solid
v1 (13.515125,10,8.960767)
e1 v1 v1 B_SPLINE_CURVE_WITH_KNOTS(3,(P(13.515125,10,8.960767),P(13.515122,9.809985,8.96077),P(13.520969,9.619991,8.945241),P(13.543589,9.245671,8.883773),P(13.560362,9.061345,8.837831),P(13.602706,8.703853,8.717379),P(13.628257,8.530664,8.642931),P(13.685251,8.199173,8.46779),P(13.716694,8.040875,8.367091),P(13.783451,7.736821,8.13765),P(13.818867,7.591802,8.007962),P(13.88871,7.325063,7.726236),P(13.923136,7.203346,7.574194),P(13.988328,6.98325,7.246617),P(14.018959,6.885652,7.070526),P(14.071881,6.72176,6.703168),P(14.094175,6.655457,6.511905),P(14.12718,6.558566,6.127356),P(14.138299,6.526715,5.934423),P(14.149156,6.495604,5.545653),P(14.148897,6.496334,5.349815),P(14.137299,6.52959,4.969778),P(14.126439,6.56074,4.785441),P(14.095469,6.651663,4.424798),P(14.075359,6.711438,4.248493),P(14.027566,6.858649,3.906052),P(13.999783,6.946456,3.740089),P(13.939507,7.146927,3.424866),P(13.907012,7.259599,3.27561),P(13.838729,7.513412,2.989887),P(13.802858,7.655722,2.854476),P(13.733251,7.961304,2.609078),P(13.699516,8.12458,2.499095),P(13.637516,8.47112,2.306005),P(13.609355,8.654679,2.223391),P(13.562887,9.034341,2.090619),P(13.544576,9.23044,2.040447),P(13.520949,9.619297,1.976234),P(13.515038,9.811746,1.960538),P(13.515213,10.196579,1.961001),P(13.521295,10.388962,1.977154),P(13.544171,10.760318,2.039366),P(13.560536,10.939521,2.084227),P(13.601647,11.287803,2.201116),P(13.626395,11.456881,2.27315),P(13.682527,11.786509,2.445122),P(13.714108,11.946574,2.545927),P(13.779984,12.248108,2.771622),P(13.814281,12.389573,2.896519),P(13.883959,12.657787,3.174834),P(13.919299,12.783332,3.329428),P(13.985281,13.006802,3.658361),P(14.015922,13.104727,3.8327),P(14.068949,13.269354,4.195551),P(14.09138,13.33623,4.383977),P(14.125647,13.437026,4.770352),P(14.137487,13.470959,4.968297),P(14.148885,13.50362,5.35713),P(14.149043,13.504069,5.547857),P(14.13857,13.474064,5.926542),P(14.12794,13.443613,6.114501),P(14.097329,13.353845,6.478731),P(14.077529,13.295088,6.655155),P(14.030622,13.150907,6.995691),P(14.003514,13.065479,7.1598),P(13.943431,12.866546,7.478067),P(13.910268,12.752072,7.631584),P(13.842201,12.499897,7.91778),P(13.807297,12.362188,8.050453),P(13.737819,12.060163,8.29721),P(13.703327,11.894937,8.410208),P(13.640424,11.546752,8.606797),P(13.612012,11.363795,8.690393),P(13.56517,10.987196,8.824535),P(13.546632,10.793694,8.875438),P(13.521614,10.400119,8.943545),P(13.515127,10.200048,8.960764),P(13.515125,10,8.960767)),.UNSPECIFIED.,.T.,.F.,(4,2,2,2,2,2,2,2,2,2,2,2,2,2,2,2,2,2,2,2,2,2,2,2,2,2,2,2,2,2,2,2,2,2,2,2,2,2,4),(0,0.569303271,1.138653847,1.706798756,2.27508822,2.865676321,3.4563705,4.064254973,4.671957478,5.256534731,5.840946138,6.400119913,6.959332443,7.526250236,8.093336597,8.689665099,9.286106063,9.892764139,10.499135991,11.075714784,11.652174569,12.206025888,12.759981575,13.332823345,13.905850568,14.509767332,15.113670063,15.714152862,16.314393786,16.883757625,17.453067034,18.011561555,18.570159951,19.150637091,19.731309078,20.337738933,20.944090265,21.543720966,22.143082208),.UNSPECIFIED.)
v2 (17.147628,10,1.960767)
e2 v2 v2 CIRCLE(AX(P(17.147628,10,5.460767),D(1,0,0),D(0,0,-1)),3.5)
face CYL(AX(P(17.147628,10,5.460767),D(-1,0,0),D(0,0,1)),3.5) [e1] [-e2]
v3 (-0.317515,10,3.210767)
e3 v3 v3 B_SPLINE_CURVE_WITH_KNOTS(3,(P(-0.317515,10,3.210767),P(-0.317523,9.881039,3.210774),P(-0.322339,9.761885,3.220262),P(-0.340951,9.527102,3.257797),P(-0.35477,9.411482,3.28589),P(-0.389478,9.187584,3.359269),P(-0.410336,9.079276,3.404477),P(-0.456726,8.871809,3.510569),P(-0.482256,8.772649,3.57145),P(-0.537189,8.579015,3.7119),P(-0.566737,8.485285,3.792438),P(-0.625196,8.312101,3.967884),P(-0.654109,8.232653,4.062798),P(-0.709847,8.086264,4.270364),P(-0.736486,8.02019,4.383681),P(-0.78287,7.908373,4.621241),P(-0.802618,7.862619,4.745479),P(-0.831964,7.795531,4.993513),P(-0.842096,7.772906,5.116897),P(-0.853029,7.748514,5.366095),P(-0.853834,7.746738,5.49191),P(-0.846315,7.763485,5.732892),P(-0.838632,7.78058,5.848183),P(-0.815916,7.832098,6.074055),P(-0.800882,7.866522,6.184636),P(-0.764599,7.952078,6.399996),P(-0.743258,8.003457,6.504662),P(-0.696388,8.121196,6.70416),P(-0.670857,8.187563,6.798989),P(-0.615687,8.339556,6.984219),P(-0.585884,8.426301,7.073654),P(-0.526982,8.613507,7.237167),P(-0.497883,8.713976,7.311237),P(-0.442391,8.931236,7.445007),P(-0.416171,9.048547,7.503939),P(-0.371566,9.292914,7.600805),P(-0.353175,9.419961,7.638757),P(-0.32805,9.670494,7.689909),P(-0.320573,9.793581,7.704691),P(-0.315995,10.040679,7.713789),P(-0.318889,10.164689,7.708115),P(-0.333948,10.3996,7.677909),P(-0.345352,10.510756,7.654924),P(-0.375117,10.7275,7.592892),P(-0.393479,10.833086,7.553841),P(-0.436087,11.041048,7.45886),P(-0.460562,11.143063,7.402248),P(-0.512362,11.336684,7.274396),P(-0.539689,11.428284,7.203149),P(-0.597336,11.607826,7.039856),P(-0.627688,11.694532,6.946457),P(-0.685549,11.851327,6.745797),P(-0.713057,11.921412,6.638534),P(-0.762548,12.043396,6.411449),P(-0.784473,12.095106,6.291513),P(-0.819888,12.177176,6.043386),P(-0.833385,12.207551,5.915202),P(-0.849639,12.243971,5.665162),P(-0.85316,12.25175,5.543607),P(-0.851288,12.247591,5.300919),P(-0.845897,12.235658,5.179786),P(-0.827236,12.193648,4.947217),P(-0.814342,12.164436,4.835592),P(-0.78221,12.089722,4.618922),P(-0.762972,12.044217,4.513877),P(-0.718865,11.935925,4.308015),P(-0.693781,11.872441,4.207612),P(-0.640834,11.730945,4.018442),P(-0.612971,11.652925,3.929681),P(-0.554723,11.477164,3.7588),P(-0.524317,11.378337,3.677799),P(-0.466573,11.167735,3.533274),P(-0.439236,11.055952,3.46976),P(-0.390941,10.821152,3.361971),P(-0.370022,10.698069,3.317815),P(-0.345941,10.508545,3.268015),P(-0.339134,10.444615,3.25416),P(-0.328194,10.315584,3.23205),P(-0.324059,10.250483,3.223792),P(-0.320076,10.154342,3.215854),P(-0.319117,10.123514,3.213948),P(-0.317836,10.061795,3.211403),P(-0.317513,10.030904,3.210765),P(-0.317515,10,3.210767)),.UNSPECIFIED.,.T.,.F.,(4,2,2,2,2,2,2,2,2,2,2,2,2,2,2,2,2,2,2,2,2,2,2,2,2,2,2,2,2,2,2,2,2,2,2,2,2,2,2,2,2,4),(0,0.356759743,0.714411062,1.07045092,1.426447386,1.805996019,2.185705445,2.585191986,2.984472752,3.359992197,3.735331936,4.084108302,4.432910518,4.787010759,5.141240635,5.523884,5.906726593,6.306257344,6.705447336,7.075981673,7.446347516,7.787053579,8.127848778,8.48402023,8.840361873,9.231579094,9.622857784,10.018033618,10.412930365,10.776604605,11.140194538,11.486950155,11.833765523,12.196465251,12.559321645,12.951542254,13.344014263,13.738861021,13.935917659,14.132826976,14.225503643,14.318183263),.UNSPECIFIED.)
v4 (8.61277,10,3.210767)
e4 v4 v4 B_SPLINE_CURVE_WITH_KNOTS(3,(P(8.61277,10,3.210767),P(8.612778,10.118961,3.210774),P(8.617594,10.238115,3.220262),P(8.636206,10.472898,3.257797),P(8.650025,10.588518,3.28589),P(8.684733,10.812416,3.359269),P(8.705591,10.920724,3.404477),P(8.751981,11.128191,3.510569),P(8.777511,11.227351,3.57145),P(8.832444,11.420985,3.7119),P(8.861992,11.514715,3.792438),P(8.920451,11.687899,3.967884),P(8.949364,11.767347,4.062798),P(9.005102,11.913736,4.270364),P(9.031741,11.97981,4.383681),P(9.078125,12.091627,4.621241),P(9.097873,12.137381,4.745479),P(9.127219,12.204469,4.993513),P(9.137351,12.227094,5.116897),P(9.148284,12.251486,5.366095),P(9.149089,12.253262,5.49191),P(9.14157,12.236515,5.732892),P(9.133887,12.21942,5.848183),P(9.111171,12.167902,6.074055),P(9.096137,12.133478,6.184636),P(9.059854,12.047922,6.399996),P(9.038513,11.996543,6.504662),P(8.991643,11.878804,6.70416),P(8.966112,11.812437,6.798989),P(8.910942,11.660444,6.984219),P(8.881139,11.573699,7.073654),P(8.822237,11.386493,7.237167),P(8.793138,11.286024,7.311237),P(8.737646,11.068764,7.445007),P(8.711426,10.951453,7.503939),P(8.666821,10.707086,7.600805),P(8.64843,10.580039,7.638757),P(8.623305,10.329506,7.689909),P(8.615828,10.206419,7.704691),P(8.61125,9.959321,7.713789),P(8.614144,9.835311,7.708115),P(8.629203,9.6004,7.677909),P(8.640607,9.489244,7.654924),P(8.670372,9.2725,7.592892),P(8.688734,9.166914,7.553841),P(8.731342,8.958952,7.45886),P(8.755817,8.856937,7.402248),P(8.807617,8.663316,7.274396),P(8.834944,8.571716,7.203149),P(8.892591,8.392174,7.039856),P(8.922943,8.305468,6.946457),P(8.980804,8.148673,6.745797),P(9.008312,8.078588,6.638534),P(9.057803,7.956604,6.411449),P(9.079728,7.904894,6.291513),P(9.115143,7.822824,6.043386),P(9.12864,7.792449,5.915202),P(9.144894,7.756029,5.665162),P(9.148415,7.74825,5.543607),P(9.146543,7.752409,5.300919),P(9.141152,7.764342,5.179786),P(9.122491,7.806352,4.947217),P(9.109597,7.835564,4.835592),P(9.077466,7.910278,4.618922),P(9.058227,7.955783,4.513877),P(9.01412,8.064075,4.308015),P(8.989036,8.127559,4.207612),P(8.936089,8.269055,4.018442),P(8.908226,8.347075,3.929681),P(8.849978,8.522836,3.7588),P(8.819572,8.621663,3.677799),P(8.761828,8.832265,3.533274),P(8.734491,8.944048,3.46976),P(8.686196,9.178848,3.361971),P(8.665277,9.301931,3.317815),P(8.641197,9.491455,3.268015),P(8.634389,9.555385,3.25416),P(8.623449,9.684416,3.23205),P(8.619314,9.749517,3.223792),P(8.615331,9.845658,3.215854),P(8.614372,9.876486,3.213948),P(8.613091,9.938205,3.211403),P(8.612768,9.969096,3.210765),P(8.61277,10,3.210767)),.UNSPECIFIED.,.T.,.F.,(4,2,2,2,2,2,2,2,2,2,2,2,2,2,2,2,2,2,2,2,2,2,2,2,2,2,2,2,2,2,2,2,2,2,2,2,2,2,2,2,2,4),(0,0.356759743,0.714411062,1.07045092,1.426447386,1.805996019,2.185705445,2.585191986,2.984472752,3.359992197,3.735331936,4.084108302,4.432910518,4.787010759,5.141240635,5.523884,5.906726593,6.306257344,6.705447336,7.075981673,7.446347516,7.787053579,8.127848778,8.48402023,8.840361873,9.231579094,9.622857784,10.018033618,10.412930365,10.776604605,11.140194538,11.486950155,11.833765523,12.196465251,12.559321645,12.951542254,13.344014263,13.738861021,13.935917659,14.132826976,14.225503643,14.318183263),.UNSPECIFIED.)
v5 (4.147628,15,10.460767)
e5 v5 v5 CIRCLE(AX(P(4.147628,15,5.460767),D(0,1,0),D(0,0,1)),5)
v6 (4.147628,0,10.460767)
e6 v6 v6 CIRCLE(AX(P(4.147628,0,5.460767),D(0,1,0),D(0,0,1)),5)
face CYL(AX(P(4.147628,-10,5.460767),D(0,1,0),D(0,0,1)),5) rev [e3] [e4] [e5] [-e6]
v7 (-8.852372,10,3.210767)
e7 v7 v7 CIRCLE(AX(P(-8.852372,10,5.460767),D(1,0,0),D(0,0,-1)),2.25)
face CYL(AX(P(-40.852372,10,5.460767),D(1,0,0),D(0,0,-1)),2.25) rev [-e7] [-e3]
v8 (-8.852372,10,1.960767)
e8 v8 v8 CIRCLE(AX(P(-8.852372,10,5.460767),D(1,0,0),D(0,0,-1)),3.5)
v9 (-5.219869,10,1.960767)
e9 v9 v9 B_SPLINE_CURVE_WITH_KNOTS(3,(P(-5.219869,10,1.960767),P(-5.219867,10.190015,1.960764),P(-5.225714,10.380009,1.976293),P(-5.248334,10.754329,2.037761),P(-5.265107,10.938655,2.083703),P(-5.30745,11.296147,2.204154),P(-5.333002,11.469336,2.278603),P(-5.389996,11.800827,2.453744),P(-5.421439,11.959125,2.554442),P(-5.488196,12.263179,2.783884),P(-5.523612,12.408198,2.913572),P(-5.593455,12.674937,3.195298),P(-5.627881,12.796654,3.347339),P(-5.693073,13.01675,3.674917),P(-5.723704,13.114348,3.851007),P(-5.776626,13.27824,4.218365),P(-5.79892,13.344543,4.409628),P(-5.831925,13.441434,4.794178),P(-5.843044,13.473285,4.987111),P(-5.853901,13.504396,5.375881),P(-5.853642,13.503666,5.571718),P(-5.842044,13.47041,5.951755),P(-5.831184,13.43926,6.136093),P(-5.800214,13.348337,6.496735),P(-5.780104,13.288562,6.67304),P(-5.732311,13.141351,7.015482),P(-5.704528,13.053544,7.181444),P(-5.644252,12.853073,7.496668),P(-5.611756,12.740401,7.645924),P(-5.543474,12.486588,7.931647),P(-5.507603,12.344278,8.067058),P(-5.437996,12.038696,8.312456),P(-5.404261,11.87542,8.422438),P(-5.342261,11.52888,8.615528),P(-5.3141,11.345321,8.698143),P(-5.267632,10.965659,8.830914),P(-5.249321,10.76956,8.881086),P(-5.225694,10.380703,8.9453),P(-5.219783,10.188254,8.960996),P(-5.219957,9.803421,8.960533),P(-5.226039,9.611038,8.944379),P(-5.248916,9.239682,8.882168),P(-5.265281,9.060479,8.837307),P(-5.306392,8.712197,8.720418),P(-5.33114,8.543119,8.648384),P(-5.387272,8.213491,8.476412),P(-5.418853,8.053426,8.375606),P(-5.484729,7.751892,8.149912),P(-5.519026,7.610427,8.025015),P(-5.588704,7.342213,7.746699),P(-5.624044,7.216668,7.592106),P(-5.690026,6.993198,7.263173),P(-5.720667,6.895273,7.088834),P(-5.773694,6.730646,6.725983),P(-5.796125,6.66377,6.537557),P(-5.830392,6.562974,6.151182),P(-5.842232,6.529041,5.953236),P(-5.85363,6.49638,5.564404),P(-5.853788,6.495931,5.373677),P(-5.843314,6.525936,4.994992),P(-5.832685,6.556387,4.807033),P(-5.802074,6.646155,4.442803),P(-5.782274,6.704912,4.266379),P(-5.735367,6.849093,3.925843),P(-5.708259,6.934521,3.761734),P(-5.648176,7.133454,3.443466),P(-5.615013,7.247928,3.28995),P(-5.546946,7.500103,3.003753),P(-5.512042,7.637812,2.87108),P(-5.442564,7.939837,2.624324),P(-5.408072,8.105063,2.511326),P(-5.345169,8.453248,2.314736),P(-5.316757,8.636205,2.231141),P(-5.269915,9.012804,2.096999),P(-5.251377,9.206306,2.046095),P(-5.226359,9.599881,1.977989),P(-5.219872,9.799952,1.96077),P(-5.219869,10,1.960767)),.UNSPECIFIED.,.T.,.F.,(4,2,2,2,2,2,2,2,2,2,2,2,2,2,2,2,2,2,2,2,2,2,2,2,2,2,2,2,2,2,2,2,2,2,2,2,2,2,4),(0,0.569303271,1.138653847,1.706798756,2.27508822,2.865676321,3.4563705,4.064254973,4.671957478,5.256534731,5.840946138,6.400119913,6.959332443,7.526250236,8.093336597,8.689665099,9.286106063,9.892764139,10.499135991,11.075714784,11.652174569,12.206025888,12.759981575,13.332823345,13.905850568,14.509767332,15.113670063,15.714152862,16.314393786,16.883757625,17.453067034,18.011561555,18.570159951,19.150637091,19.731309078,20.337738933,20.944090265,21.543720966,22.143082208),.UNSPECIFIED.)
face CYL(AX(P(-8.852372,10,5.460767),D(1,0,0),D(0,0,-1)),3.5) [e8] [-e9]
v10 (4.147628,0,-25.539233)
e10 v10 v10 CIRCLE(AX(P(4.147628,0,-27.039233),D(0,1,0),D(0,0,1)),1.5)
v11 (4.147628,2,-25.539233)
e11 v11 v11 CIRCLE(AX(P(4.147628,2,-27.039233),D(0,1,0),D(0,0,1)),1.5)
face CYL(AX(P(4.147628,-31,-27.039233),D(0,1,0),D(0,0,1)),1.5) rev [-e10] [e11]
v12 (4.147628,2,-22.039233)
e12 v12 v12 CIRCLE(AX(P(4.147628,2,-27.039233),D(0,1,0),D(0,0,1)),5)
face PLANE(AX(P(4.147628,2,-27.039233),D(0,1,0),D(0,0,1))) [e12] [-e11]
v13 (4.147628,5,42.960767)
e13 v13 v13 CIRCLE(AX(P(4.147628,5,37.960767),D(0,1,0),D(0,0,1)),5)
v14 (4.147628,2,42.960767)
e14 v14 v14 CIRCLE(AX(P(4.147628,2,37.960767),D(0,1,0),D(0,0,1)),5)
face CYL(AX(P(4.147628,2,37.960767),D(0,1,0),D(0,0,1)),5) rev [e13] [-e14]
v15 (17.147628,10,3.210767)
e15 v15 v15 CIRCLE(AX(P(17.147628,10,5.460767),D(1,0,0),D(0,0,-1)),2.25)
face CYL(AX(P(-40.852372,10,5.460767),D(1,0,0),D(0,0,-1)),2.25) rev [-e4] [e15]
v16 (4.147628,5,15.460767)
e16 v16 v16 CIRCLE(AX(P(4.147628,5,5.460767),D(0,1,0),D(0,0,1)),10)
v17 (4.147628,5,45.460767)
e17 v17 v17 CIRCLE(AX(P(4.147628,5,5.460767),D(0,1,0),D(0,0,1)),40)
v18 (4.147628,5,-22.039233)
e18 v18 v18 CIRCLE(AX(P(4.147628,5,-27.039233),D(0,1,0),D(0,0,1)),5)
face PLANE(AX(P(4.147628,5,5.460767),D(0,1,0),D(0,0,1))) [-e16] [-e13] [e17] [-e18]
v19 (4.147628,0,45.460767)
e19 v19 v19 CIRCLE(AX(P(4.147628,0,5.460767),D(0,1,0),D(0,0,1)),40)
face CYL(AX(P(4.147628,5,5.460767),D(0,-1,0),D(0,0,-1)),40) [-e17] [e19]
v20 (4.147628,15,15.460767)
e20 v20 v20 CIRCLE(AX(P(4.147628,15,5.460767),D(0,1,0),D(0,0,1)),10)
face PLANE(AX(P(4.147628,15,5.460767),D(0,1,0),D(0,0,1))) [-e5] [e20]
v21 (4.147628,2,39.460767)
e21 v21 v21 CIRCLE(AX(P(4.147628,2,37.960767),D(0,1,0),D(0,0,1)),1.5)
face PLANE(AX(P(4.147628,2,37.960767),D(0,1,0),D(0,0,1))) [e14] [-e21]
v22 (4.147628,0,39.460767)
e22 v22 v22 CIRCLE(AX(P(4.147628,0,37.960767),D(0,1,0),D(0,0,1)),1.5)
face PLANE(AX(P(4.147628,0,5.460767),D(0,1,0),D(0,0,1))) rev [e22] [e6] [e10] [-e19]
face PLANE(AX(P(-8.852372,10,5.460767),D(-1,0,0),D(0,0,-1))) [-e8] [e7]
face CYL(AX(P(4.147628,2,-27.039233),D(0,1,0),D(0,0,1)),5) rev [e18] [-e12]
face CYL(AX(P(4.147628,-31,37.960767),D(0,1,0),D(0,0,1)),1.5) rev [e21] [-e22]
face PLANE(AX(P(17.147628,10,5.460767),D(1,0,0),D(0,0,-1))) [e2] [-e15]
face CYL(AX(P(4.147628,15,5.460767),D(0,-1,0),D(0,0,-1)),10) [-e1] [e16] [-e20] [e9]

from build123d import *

# Parameters (mm, degrees)
SKETCH1_R           = 40
BOSS_EXTRUDE1_DEPTH = 5
SKETCH2_R           = 5
CUT_EXTRUDE1_DEPTH  = 15
SKETCH3_R           = 5
CUT_EXTRUDE2_DEPTH  = 3
SKETCH5_R           = 1.5
CUT_EXTRUDE3_DEPTH  = 33
BOSS_EXTRUDE2_START = 10
SKETCH6_R           = 10
SKETCH6_R_2         = 5
BOSS_EXTRUDE2_DEPTH = 10
SKETCH10_R          = 2.25
CUT_EXTRUDE4_DEPTH  = 45
BOSS_EXTRUDE3_START = 8
SKETCH11_R          = 3.5
SKETCH11_R_2        = 2.25
BOSS_EXTRUDE3_DEPTH = 8


with BuildPart() as part:
    # Sketch1 → Boss-Extrude1 (new body)
    with BuildSketch(Plane(origin=(0, 0, 0), x_dir=(1, 0, 0), z_dir=(0, 1, 0))):
        with Locations((4.147627533, -5.460766911)):
            Circle(SKETCH1_R)
    extrude(amount=BOSS_EXTRUDE1_DEPTH)

    # Sketch2 → Cut-Extrude1 (cut)
    with BuildSketch(Plane(origin=(0, 5, 0), x_dir=(1, 0, 0), z_dir=(0, 1, 0))):
        with Locations((4.147627533, -5.460766911)):
            Circle(SKETCH2_R)
    extrude(amount=-CUT_EXTRUDE1_DEPTH, mode=Mode.SUBTRACT)

    # Sketch3 → Cut-Extrude2 (cut)
    with BuildSketch(Plane(origin=(0, 5, 0), x_dir=(1, 0, 0), z_dir=(0, 1, 0))):
        with Locations((4.147627533, 27.039233089)):
            Circle(SKETCH3_R)
        with Locations((4.147627533, -37.960766911)):
            Circle(SKETCH3_R)
    extrude(amount=-CUT_EXTRUDE2_DEPTH, mode=Mode.SUBTRACT)

    # Sketch5 → Cut-Extrude3 (cut)
    with BuildSketch(Plane(origin=(0, 2, 0), x_dir=(1, 0, 0), z_dir=(0, 1, 0))):
        with Locations((4.147627533, -37.960766911)):
            Circle(SKETCH5_R)
        with Locations((4.147627533, 27.039233089)):
            Circle(SKETCH5_R)
    extrude(amount=-CUT_EXTRUDE3_DEPTH, mode=Mode.SUBTRACT)

    # Sketch6 → Boss-Extrude2 (add)
    with BuildSketch(Plane(origin=(0, 5, 0), x_dir=(1, 0, 0), z_dir=(0, 1, 0)).offset(BOSS_EXTRUDE2_START)):
        with Locations((4.147627533, -5.460766911)):
            Circle(SKETCH6_R)
        with Locations((4.147627533, -5.460766911)):
            Circle(SKETCH6_R_2, mode=Mode.SUBTRACT)
    extrude(amount=-BOSS_EXTRUDE2_DEPTH)

    # Sketch10 → Cut-Extrude4 (cut, symmetric)
    with BuildSketch(Plane(origin=(4.147627533, 0, 5.460766911), x_dir=(0, 0, -1), z_dir=(1, 0, 0))):
        with Locations((0, 10)):
            Circle(SKETCH10_R)
    extrude(amount=CUT_EXTRUDE4_DEPTH, both=True, mode=Mode.SUBTRACT)

    # Sketch11 → Boss-Extrude3 (add)
    with BuildSketch(Plane(origin=(9.147627533, 0, 5.460766911), x_dir=(0, 0, -1), z_dir=(1, 0, 0)).offset(BOSS_EXTRUDE3_START)):
        with Locations((0, 10)):
            Circle(SKETCH11_R)
        with Locations((0, 10)):
            Circle(SKETCH11_R_2, mode=Mode.SUBTRACT)
    boss_extrude3 = extrude(amount=-BOSS_EXTRUDE3_DEPTH)

    # Mirror1: Boss-Extrude3 across plane
    add(boss_extrude3.mirror(Plane(origin=(4.147627533, 0, 5.460766911), x_dir=(0, 0, 1), z_dir=(1, 0, 0))))


solid = part.part
